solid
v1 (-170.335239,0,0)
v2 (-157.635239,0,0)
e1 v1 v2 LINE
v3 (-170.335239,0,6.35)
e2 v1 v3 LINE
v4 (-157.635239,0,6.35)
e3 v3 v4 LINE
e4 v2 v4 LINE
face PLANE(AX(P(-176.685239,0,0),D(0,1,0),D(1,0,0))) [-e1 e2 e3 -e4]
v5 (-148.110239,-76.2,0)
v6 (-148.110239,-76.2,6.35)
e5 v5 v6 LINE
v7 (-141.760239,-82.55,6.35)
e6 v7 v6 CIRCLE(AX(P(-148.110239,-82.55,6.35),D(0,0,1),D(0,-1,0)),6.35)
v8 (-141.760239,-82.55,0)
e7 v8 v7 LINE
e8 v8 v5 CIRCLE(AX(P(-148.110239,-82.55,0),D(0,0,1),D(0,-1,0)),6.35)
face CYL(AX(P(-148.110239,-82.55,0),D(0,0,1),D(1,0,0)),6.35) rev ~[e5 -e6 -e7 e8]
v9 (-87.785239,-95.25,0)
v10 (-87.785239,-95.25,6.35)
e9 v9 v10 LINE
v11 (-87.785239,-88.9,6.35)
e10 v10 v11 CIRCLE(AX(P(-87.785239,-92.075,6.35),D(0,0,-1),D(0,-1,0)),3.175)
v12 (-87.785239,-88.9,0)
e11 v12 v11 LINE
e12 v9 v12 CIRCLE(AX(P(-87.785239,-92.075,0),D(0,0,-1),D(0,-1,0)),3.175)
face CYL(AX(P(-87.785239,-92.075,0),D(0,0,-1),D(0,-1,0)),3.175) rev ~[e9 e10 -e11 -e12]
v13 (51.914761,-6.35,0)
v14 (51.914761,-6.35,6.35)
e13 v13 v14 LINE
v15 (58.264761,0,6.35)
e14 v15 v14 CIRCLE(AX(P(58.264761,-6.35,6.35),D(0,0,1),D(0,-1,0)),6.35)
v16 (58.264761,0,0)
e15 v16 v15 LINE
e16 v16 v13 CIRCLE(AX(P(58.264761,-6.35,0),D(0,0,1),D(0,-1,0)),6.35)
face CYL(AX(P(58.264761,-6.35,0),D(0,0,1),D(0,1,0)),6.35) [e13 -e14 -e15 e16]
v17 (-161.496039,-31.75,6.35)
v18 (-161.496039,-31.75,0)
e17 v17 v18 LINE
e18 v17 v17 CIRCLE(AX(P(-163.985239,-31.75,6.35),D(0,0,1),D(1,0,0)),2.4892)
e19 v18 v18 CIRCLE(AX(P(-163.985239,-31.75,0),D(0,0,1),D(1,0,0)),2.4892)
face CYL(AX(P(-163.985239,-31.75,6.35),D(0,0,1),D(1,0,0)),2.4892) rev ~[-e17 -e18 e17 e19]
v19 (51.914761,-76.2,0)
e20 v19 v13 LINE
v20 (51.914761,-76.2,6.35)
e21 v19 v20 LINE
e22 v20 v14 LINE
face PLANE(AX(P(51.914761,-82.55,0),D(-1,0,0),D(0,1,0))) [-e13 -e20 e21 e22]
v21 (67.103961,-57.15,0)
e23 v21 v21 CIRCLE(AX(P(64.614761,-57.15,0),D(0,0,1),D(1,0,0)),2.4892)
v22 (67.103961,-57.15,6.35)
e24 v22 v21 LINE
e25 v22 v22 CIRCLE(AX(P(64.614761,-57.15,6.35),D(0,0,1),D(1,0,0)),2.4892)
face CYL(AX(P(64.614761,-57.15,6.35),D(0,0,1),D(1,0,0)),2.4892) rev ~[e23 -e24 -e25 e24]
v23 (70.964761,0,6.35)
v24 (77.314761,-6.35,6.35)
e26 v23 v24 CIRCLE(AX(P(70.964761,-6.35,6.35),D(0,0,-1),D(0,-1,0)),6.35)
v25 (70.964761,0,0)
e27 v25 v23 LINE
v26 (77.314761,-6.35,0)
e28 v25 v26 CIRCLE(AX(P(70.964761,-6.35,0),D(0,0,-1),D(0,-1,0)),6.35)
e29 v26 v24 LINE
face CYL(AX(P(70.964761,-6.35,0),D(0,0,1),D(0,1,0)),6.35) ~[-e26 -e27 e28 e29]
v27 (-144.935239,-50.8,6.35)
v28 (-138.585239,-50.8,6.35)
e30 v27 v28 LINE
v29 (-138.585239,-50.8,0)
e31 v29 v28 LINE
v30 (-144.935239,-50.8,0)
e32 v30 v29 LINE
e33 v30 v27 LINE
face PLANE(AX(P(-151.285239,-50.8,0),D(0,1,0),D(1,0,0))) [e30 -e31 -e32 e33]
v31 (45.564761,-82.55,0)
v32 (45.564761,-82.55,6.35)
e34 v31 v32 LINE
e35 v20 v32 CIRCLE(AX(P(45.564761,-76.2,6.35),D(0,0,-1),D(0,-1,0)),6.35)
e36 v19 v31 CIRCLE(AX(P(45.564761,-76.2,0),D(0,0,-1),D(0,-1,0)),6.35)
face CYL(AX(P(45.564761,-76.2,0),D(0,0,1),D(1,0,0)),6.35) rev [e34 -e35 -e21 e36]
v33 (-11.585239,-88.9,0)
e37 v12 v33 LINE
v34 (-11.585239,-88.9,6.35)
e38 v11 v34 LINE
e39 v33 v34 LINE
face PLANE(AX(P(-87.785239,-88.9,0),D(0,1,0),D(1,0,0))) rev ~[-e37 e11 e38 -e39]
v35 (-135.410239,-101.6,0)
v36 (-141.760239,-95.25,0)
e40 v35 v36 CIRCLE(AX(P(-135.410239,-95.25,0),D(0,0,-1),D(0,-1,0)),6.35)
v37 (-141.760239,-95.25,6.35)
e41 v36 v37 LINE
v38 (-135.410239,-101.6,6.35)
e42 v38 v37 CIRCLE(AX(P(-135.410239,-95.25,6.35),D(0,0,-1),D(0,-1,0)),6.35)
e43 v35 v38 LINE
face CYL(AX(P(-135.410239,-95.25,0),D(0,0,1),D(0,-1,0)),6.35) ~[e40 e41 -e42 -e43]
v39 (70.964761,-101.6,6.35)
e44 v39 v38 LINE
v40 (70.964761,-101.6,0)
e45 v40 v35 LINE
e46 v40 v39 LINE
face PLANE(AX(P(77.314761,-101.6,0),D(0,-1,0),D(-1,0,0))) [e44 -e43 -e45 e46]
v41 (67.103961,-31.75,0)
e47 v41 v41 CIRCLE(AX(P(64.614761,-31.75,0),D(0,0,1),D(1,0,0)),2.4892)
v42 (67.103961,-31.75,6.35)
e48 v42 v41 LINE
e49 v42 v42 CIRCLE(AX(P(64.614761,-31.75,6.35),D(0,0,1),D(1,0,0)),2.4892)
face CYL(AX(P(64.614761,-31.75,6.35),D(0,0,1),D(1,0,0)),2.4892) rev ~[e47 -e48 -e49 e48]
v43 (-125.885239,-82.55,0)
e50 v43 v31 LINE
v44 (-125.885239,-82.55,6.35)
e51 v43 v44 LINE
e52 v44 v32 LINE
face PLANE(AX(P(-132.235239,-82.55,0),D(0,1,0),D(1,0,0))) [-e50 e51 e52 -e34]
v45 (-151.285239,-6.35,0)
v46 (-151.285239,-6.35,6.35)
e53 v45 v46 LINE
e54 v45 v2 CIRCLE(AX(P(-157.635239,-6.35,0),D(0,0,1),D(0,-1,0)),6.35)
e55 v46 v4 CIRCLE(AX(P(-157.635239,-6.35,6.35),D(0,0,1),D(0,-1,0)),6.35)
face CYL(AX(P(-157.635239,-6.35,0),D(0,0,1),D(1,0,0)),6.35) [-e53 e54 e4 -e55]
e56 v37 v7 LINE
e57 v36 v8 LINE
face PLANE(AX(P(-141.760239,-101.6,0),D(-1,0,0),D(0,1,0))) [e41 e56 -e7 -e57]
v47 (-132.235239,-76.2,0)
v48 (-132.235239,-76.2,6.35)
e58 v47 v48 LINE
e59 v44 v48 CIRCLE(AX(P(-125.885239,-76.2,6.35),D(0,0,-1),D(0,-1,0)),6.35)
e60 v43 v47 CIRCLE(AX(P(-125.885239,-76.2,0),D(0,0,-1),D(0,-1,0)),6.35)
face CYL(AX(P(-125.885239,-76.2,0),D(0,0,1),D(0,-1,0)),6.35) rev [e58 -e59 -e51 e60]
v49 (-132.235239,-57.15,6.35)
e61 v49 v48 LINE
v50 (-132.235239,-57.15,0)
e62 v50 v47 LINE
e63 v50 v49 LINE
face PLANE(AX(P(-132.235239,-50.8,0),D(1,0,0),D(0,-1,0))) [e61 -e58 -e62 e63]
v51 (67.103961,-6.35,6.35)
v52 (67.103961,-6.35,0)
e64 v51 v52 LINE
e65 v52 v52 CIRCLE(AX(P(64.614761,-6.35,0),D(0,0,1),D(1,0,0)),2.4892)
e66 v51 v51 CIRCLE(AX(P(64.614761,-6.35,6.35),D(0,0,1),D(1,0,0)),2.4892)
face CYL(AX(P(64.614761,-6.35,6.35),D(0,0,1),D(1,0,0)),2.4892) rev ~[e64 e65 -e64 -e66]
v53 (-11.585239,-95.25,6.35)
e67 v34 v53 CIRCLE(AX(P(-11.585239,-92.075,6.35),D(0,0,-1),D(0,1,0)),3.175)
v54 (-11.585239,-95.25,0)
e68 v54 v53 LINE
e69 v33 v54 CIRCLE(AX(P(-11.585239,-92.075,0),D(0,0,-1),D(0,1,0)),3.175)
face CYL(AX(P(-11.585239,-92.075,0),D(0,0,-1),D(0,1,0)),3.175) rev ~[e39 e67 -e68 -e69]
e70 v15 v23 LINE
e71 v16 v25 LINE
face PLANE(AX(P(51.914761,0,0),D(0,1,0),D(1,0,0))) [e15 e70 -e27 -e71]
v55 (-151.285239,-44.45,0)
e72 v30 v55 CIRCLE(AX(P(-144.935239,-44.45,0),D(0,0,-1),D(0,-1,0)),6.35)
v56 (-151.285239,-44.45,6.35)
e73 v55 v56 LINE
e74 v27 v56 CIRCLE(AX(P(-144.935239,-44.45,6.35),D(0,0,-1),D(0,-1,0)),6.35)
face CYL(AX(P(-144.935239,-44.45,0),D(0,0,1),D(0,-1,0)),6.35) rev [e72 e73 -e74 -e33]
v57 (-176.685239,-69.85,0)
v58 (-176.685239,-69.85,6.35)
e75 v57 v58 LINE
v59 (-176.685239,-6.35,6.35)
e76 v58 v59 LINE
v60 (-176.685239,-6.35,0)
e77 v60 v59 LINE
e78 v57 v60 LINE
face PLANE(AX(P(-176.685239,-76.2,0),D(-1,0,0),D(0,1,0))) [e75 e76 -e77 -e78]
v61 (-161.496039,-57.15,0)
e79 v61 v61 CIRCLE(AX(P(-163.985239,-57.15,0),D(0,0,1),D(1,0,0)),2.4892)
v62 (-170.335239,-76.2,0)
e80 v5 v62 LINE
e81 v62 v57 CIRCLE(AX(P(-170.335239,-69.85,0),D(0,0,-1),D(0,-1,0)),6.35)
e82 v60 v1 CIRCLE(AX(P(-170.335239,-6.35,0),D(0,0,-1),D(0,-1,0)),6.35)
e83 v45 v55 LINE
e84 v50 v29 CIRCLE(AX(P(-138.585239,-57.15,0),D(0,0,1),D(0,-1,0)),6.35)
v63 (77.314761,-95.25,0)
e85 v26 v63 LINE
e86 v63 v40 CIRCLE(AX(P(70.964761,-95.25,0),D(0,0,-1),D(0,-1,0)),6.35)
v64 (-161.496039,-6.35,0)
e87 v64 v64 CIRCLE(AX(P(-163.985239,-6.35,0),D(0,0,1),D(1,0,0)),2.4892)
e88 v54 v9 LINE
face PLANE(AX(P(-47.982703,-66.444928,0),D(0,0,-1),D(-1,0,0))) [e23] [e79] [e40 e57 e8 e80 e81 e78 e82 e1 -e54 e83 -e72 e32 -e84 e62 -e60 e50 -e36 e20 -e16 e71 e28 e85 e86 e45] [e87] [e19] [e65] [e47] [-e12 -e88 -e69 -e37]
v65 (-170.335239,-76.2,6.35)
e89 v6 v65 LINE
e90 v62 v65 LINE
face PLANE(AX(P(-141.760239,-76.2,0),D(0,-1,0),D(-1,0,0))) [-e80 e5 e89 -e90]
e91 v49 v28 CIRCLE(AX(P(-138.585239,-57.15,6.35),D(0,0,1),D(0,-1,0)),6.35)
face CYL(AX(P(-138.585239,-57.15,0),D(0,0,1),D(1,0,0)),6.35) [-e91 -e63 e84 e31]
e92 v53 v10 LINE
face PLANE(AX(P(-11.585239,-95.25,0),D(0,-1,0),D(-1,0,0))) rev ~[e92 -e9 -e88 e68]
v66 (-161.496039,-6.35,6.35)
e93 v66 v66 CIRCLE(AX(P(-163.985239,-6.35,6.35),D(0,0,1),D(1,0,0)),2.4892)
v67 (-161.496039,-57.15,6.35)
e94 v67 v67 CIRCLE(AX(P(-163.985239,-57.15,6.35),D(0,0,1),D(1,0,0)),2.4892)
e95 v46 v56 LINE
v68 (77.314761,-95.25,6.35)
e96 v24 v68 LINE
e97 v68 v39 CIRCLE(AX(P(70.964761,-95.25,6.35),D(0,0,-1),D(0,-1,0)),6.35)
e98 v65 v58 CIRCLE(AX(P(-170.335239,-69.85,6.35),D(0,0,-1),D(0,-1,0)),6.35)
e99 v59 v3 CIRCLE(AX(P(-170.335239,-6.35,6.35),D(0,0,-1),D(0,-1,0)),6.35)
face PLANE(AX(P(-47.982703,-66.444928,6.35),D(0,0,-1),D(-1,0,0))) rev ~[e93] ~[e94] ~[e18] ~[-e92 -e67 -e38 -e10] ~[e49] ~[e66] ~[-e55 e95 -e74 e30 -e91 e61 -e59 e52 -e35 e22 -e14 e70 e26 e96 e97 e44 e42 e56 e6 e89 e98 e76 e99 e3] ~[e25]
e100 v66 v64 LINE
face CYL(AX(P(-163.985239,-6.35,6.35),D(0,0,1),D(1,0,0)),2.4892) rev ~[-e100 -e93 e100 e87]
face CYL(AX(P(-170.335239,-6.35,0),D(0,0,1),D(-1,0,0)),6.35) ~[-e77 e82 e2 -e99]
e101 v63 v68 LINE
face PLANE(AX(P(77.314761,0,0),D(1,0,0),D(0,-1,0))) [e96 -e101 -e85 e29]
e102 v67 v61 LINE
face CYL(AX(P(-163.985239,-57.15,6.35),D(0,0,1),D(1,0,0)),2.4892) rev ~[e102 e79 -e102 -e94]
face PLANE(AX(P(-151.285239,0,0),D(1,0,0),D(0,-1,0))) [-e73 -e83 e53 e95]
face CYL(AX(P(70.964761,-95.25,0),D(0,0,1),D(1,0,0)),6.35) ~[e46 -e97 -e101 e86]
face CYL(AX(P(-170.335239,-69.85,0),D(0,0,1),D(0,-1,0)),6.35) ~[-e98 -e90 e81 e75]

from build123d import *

# Parameters (mm, degrees)
BOSS_EXTRUDE2_DEPTH = 6.35
FILLET1_R           = 6.35
SKETCH2_R           = 2.4892
CUT_EXTRUDE1_DEPTH  = 204.913109234


with BuildPart() as part:
    # Sketch1 → Boss-Extrude2 (new body)
    with BuildSketch(Plane.XY):
        Polygon((51.914761179, 0), (77.314761179, 0), (77.314761179, -101.6), (-141.760238821, -101.6), (-141.760238821, -76.2), (-176.685238821, -76.2), (-176.685238821, 0), (-151.285238821, 0), (-151.285238821, -50.8), (-132.235238821, -50.8), (-132.235238821, -82.55), (51.914761179, -82.55), align=None)
        with BuildLine():
            Line((-87.785238821, -88.9), (-11.585238821, -88.9))
            ThreePointArc((-11.585238821, -88.9), (-8.410238821, -92.075), (-11.585238821, -95.25))
            Line((-11.585238821, -95.25), (-87.785238821, -95.25))
            ThreePointArc((-87.785238821, -95.25), (-90.960238821, -92.075), (-87.785238821, -88.9))
        make_face(mode=Mode.SUBTRACT)
    extrude(amount=BOSS_EXTRUDE2_DEPTH)

    # Fillet1
    fillet1_edges = [part.edges().sort_by_distance(p)[0] for p in [
        (-176.685238821, 0, 3.175),
        (-151.285238821, 0, 3.175),
        (-151.285238821, -50.8, 3.175),
        (-132.235238821, -50.8, 3.175),
        (-132.235238821, -82.55, 3.175),
        (51.914761179, -82.55, 3.175),
        (51.914761179, 0, 3.175),
        (77.314761179, 0, 3.175),
        (77.314761179, -101.6, 3.175),
        (-141.760238821, -101.6, 3.175),
        (-141.760238821, -76.2, 3.175),
        (-176.685238821, -76.2, 3.175),
    ]]
    fillet(fillet1_edges, radius=FILLET1_R)

    # Sketch2 → Cut-Extrude1 (cut, through all)
    with BuildSketch(Plane.XY.offset(6.35)):
        with Locations((64.614761179, -6.35)):
            Circle(SKETCH2_R)
        with Locations((64.614761179, -31.75)):
            Circle(SKETCH2_R)
        with Locations((64.614761179, -57.15)):
            Circle(SKETCH2_R)
        with Locations((-163.985238821, -6.35)):
            Circle(SKETCH2_R)
        with Locations((-163.985238821, -31.75)):
            Circle(SKETCH2_R)
        with Locations((-163.985238821, -57.15)):
            Circle(SKETCH2_R)
    extrude(amount=-CUT_EXTRUDE1_DEPTH, mode=Mode.SUBTRACT)


solid = part.part
